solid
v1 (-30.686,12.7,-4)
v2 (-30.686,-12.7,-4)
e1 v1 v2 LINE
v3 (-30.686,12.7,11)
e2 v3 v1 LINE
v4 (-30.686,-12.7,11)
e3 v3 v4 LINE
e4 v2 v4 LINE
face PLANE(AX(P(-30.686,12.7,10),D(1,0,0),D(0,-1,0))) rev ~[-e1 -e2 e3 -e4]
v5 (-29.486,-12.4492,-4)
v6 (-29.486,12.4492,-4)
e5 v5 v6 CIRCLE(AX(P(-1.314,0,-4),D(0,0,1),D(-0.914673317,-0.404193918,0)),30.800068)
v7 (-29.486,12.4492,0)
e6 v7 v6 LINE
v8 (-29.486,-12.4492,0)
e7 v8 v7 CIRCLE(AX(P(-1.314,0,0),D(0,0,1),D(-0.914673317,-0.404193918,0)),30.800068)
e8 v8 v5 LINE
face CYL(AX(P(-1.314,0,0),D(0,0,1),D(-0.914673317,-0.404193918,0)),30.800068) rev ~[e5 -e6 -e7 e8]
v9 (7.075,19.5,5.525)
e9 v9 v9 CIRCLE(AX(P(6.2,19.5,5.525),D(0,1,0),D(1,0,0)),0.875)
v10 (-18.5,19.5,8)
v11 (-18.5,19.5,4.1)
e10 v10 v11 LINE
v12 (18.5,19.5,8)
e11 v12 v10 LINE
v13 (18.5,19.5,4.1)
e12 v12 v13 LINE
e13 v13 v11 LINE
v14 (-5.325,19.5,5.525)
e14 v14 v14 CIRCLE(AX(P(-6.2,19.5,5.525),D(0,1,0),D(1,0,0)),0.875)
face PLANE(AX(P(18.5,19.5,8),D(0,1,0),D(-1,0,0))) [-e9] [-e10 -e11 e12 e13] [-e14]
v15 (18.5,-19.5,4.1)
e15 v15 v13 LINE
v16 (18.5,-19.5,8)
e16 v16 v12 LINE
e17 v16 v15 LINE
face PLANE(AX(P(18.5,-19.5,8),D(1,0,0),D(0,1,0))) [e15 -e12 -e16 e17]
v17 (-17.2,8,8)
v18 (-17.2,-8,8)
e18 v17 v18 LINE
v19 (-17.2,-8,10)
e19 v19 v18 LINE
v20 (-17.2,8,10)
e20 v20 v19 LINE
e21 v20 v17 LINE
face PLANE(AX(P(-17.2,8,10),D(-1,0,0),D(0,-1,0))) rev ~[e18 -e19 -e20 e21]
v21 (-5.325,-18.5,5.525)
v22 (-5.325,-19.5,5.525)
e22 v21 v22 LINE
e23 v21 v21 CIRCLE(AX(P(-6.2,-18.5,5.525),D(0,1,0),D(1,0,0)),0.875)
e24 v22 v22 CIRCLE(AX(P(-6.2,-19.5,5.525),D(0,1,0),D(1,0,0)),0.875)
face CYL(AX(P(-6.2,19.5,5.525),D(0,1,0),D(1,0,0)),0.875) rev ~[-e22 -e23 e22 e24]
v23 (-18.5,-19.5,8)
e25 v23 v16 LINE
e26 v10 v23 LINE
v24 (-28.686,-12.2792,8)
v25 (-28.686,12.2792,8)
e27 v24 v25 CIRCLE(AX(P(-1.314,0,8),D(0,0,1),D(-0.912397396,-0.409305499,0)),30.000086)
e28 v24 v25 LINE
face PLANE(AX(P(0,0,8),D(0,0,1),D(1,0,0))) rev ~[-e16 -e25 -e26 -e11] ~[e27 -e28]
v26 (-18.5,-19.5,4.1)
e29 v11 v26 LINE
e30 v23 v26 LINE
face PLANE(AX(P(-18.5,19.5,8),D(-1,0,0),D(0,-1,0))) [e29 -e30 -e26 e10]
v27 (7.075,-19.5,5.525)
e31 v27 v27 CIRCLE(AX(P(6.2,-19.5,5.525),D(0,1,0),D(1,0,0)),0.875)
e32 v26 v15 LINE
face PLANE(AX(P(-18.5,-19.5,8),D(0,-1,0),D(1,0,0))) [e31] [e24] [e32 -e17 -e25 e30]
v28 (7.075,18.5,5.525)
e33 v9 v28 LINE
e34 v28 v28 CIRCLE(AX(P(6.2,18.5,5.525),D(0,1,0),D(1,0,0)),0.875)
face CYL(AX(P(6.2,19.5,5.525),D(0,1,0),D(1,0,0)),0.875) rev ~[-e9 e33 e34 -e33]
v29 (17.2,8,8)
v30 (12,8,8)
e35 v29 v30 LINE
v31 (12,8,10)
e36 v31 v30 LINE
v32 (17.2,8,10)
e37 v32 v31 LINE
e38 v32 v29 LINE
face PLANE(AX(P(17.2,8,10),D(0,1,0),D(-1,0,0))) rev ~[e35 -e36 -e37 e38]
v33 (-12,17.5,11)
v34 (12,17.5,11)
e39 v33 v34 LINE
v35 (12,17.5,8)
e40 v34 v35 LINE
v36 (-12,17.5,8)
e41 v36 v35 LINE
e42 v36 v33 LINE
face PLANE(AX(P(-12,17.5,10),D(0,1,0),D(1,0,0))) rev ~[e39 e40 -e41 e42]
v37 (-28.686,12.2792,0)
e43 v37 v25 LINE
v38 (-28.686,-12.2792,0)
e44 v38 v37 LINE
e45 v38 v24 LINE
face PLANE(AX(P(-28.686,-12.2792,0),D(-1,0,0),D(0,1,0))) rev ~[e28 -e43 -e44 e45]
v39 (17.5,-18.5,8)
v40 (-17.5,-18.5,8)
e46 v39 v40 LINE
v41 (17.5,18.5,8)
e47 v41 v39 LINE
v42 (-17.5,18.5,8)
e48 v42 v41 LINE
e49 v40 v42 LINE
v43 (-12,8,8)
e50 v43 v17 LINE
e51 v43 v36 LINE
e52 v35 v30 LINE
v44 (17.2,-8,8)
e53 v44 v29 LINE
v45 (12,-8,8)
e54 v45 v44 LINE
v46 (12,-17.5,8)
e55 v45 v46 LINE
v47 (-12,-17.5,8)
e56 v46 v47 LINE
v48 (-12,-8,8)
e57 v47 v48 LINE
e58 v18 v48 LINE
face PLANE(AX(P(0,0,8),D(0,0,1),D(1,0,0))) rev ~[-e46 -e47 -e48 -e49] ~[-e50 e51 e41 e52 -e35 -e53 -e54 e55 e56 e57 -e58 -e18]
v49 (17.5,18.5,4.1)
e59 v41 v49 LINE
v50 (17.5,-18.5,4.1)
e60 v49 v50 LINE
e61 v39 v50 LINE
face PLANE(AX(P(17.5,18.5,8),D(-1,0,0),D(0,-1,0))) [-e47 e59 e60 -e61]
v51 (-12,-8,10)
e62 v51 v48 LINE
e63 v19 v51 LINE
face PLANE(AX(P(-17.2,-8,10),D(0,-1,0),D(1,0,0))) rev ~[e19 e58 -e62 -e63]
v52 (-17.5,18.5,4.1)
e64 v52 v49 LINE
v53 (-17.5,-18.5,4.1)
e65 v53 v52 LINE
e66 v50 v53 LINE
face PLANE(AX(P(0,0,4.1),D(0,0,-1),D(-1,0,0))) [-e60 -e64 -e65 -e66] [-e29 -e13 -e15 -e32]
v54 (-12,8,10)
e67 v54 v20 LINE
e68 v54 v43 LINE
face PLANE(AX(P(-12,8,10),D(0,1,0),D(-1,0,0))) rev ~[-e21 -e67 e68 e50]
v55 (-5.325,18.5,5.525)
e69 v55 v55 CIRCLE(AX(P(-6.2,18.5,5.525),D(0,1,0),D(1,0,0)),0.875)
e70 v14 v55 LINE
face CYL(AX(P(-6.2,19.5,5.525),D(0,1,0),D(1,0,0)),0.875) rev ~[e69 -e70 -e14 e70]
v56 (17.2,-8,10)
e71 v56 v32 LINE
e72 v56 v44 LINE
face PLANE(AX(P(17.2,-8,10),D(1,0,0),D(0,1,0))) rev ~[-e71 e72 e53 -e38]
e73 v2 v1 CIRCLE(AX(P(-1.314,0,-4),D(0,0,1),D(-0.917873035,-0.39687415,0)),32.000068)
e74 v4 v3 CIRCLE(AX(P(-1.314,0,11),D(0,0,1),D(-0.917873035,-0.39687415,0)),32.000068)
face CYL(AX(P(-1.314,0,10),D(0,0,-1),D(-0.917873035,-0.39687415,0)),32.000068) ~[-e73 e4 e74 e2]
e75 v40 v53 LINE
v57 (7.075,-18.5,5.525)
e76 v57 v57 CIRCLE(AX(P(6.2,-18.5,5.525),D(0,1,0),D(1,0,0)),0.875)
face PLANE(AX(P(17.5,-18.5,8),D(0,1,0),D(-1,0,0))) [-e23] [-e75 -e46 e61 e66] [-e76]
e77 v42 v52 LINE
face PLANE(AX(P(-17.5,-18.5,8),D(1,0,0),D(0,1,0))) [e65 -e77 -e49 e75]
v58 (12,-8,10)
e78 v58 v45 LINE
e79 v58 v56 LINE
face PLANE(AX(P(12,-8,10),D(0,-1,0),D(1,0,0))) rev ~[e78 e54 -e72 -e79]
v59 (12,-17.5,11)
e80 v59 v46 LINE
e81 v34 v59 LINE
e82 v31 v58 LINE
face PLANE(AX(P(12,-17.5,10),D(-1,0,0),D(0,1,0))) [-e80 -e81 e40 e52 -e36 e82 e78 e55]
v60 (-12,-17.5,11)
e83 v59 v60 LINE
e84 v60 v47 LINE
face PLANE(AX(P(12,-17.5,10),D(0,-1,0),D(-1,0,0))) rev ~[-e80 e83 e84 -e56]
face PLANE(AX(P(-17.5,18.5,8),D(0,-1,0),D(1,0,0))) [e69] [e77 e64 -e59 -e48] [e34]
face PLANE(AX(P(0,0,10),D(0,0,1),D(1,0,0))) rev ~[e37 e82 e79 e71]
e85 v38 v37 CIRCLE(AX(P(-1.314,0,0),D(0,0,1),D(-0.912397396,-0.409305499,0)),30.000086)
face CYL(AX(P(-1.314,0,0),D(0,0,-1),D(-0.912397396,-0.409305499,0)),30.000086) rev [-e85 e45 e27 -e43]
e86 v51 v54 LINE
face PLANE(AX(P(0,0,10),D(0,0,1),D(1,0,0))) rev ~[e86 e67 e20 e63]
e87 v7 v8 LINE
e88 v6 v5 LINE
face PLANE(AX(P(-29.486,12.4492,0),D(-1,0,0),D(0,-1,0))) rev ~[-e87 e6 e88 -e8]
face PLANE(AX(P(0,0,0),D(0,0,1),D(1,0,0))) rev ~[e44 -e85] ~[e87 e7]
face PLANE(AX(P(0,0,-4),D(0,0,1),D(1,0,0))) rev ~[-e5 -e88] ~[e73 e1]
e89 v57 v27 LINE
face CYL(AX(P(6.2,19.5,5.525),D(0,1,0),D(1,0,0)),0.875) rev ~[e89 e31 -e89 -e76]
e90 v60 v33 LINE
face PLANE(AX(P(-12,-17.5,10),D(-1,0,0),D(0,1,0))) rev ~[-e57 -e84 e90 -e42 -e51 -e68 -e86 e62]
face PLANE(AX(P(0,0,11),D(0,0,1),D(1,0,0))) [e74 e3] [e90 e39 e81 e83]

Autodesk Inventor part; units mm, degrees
ref_plane "YZ Plane" through (0, 0, 0) normal (1, 0, 0) x (0, 1, 0)
ref_plane "XZ Plane" through (0, 0, 0) normal (0, 1, 0) x (-1, 0, 0)
ref_plane "XY Plane" through (0, 0, 0) normal (0, 0, 1) x (1, 0, 0)
sketch "Skizze1" plane through (0, 0, 0) normal (0, 0, 1) x (1, 0, 0)
  arc A0 (-28.686, -12.2792) -> (-28.686, 12.2792) centre (-1.314, 0) ccw projected
  line L0 (-28.686, -12.2792) -> (-28.686, 12.2792) projected
  line L1 (-29.486, 12.4492) -> (-29.486, -12.4492) projected
  arc A1 (-29.486, -12.4492) -> (-29.486, 12.4492) centre (-1.314, 0) ccw projected
  arc A2 (-30.686, -12.7) -> (-30.686, 12.7) centre (-1.314, 0) ccw projected
  line L2 (-30.686, 12.7) -> (-30.686, -12.7) projected
  point P0 (0, 0)
extrude "Extrusion1" add sketch "Skizze1" against normal blind 4 contours L2 A2
sketch "Skizze2" plane through (0, 0, 0) normal (0, 0, 1) x (1, 0, 0)
  line L0 (-30.686, 12.7) -> (-30.686, -12.7) projected
  arc A0 (-30.686, -12.7) -> (-30.686, 12.7) centre (-1.314, 0) ccw projected
  arc A1 (-28.686, -12.2792) -> (-28.686, 12.2792) centre (-1.314, 0) ccw projected
  line L1 (-28.686, -12.2792) -> (-28.686, 12.2792) projected
  point P0 (0, 0)
extrude "Extrusion2" add sketch "Skizze2" along normal blind 8
sketch "Skizze3" plane through (0, 0, 8) normal (0, 0, 1) x (1, 0, 0)
  arc A0 (-30.686, -12.7) -> (-30.686, 12.7) centre (-1.314, 0) ccw projected
  line L0 (-30.686, 12.7) -> (-30.686, -12.7) projected
  point P0 (0, 0)
extrude "Extrusion3" add sketch "Skizze3" along normal blind 2
sketch "Skizze4" plane through (0, 0, 10) normal (0, 0, 1) x (1, 0, 0)
  line L0 (12, -17.5) -> (-12, -17.5)
  line L1 (-12, 17.5) -> (12, 17.5)
  line L2 (-17.2, 8) -> (-17.2, -8)
  line L3 (-17.2, -8) -> (-12, -8)
  line L4 (-12, 8) -> (-17.2, 8)
  line L5 (-12, -17.5) -> (-12, -8)
  line L6 (-12, 8) -> (-12, 17.5)
  line L7 (17.2, -8) -> (17.2, 8)
  line L8 (-17.2, 8) -> (-17.2, -8)
  line L9 (-17.2, -8) -> (-12, -8)
  line L10 (12, -8) -> (17.2, -8)
  line L11 (17.2, 8) -> (12, 8)
  line L12 (-12, 8) -> (-17.2, 8)
  line L13 (12, 17.5) -> (12, 8)
  line L14 (12, -8) -> (12, -17.5)
  point P0 (0, 0)
  dimension "d32" = 34.4
extrude "Extrusion4" cut sketch "Skizze4" against normal blind 2
sketch "Skizze5" plane through (0, 0, 8) normal (0, 0, -1) x (-1, 0, 0)
  line L0 (17, 18) -> (-17, -18) construction
  line L1 (17, -18) -> (-17, 18) construction
  line L2 (-17.5, -18.5) -> (17.5, -18.5)
  line L3 (17.5, -18.5) -> (17.5, 18.5)
  line L4 (17.5, 18.5) -> (-17.5, 18.5)
  line L5 (-17.5, 18.5) -> (-17.5, -18.5)
  line L6 (18.5, -19.5) -> (-18.5, -19.5)
  line L7 (-18.5, -19.5) -> (-18.5, 19.5)
  line L8 (-18.5, 19.5) -> (18.5, 19.5)
  line L9 (18.5, 19.5) -> (18.5, -19.5)
  point P0 (0, 0)
  dimension "d17" = 1
extrude "Extrusion5" add sketch "Skizze5" along normal blind 3.9
sketch "Skizze7" plane through (-18.5, 19.5, 8) normal (0, 1, 0) x (1, 0, 0)
  line L0 (0, 0) -> (0, 3.9) projected
  line L1 (37, 0) -> (37, 3.9) projected
  line L2 (0, 0) -> (37, 0)
  line L3 (37, 0) -> (37, 2.475)
  line L4 (0, 2.475) -> (0, 0)
  circle A0 centre (24.7, 2.475) radius 0.875
  circle A1 centre (12.3, 2.475) radius 0.875
  point P0 (18.5, 8)
  dimension "d25" = 2.475
  dimension "d28" = 1.75
  dimension "d29" = 1.75
extrude "Extrusion6" cut sketch "Skizze7" against normal blind 40
sketch "Skizze8" plane through (0, 0, 10) normal (0, 0, 1) x (1, 0, 0)
  arc A0 (-30.686, -12.7) -> (-30.686, 12.7) centre (-1.314, 0) ccw projected
  line L0 (-30.686, 12.7) -> (-30.686, -12.7) projected
  line L1 (-12, 8) -> (-12, 17.5) projected
  line L2 (12, -17.5) -> (12, -8) projected
  line L3 (-12, 17.5) -> (12, 17.5)
  line L4 (12, 17.5) -> (12, -17.5)
  line L5 (12, -17.5) -> (-12, -17.5)
  line L6 (-12, -17.5) -> (-12, 17.5)
  point P0 (0, 0)
extrude "Extrusion7" add sketch "Skizze8" along normal blind 1
properties part number "Deckel"
